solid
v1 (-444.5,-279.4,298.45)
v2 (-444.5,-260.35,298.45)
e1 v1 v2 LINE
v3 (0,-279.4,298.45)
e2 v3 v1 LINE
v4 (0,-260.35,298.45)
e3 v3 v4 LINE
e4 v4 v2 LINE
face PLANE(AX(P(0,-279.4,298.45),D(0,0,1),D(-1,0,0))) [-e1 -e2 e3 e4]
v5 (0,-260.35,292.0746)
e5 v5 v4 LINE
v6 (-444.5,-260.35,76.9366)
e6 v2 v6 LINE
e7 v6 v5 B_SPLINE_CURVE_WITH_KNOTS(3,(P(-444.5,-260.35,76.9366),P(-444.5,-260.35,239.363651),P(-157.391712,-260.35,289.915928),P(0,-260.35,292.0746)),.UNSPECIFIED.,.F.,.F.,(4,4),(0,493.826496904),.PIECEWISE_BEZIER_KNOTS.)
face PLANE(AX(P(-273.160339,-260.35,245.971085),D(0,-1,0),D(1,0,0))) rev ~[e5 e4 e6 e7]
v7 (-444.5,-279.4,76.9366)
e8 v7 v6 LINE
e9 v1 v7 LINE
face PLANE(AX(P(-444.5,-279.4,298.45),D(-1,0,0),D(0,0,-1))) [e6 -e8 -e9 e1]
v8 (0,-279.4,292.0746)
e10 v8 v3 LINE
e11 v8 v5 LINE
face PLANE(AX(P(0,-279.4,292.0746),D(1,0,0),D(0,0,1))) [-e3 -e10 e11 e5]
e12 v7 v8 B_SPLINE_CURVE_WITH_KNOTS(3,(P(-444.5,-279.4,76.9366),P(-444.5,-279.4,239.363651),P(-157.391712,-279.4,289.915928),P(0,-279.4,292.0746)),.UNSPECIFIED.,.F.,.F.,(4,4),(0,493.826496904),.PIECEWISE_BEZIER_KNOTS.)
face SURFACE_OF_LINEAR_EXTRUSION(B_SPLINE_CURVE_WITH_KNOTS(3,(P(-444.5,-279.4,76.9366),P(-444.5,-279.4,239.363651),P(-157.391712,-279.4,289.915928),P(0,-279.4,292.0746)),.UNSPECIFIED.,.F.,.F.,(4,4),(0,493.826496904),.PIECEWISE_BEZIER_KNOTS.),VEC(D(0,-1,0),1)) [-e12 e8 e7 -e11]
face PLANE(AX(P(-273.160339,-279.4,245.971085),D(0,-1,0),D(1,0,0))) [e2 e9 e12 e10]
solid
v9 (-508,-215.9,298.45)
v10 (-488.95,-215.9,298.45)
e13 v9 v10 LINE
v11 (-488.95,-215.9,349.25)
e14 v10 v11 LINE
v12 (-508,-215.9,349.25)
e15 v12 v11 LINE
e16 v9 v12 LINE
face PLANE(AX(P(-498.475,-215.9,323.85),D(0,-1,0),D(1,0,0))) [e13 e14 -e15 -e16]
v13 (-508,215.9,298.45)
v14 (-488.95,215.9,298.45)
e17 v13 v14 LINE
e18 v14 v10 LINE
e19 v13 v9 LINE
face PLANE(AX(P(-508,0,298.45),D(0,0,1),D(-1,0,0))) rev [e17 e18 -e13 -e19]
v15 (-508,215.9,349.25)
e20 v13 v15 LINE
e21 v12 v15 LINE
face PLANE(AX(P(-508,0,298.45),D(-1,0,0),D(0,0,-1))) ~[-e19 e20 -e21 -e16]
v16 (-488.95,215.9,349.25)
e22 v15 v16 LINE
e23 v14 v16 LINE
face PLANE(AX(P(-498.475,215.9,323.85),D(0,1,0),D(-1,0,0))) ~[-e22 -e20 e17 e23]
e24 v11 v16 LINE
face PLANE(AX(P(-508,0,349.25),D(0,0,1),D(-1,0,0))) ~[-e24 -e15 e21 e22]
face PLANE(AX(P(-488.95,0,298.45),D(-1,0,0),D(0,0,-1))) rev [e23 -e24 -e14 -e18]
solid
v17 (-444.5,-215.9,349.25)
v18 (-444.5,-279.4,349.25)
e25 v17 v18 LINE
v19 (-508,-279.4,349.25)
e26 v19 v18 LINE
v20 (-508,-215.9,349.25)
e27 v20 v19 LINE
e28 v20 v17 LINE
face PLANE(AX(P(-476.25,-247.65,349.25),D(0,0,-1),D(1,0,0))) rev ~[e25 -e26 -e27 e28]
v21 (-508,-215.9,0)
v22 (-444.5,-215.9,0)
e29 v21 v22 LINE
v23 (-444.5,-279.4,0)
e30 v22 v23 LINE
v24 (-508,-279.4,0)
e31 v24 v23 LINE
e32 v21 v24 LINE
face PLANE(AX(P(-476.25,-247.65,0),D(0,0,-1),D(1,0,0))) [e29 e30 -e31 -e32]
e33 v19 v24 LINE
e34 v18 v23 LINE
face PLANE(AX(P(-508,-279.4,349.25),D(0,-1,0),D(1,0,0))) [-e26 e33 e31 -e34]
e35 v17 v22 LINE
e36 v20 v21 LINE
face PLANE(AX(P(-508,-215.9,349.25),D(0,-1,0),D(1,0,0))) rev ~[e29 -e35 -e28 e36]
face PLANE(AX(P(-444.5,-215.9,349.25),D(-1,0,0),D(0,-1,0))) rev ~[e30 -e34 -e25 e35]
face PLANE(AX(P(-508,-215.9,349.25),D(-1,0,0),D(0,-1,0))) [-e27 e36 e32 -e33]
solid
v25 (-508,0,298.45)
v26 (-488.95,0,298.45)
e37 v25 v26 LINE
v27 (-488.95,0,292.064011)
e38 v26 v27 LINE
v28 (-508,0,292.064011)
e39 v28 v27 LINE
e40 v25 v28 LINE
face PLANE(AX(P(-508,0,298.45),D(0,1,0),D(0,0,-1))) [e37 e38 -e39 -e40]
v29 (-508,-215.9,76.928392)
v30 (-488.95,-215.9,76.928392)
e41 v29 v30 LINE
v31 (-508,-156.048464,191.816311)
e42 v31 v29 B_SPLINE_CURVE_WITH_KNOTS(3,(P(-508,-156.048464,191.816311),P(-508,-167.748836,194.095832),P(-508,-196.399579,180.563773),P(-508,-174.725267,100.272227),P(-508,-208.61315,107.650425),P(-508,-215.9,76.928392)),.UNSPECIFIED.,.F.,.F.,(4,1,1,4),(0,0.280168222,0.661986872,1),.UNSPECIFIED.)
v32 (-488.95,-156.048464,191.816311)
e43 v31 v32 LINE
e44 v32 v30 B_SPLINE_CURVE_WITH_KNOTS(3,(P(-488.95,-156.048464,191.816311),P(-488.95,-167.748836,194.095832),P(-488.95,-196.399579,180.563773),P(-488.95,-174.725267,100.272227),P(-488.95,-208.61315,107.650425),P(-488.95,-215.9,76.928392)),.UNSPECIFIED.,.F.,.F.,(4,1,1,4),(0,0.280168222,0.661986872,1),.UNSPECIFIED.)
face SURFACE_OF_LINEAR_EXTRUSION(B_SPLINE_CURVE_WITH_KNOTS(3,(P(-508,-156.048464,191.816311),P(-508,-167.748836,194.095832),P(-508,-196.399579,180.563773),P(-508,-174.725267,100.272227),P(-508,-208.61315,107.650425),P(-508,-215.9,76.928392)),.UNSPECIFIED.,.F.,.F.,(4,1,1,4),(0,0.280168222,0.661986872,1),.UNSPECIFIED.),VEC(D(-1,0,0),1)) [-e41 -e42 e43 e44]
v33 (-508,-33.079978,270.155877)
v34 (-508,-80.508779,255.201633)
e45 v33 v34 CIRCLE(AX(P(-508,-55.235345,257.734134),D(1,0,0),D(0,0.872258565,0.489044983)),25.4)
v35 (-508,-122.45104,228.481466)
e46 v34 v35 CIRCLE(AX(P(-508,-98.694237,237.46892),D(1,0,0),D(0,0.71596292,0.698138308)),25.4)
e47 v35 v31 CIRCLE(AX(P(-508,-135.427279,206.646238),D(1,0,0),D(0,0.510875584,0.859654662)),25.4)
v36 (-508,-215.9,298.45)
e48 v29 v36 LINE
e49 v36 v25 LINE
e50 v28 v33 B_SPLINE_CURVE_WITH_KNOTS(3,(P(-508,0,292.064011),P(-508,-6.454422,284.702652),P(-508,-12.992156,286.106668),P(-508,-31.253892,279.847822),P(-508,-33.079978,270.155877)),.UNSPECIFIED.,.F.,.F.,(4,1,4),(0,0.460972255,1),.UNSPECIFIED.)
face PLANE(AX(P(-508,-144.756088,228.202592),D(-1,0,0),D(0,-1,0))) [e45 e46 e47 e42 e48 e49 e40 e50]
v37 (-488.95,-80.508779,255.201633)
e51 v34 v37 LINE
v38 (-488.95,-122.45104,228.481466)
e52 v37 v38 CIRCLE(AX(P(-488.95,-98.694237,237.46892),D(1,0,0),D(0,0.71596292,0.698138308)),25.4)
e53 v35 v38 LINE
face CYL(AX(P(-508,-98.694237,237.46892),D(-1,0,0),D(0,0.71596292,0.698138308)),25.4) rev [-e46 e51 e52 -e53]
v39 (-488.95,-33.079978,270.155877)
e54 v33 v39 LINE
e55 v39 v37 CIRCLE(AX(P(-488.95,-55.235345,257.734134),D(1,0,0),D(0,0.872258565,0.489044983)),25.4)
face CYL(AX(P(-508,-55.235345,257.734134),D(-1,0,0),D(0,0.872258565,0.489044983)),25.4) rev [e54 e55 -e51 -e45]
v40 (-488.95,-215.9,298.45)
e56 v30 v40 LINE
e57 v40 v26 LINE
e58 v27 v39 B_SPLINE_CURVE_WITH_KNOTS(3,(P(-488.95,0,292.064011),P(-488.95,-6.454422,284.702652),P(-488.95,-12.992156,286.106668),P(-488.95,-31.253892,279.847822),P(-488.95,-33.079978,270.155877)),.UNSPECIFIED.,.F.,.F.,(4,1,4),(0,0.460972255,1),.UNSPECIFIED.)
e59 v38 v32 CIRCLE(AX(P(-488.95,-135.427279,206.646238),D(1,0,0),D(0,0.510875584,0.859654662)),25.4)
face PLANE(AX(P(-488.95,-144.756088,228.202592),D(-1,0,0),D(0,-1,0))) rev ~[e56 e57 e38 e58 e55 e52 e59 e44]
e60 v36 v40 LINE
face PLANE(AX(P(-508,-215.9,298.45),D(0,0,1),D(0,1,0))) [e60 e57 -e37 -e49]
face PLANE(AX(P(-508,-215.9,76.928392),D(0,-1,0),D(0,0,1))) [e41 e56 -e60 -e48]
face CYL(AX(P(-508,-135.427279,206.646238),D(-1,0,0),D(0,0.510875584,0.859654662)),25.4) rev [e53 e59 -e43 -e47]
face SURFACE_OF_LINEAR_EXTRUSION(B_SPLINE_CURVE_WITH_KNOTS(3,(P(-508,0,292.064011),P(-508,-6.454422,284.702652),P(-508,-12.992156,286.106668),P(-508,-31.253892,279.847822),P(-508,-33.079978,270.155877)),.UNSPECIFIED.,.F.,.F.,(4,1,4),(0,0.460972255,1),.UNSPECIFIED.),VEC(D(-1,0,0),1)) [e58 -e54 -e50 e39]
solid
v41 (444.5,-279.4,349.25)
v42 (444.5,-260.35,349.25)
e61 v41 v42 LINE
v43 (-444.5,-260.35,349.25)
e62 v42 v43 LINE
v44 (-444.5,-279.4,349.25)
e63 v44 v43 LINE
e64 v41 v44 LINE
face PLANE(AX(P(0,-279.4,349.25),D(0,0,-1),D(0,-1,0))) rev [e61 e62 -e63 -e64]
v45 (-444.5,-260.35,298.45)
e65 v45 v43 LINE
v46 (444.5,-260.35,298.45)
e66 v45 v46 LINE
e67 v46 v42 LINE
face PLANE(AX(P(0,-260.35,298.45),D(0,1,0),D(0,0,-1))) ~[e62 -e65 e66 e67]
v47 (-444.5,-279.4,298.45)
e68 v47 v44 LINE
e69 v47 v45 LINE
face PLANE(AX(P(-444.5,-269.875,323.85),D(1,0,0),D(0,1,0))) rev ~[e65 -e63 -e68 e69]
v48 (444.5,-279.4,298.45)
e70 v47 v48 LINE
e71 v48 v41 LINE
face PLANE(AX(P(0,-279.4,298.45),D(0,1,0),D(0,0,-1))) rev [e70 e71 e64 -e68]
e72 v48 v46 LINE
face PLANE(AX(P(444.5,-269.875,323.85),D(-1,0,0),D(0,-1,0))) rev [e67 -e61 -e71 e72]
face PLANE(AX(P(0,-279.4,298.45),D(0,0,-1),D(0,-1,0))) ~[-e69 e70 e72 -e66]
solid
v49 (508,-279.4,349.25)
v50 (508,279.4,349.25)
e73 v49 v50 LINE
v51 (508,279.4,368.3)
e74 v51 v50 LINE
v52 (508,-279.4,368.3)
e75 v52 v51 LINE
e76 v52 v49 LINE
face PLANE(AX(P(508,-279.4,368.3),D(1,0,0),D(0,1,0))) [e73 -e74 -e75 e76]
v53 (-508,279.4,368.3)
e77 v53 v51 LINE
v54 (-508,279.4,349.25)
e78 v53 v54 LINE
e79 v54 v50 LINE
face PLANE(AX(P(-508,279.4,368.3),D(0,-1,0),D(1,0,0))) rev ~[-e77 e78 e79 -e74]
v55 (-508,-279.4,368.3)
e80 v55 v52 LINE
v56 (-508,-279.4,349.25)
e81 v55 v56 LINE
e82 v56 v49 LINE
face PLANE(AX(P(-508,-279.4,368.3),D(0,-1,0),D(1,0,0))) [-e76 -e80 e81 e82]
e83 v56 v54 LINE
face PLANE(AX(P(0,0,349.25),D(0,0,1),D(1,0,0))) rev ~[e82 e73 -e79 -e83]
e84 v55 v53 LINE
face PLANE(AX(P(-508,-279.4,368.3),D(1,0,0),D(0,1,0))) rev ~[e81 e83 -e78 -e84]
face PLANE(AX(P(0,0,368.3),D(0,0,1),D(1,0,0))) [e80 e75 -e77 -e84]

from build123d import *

# Parameters (mm, degrees)
F1_W      = 1016
F1_H      = 558.8
F2_DEPTH  = 19.05
F3_W      = 63.5
F3_H      = 63.5
F4_DEPTH  = 349.25
F5_W      = 19.05
F5_H      = 50.8
F6_DEPTH  = 444.5
F8_W      = 19.05
F8_H      = 50.8
F9_DEPTH  = 215.9
F12_DEPTH = 19.05
F14_DEPTH = 19.05


with BuildPart() as f2:
    # F1 (on offset) → F2 (new body)
    with BuildSketch(Plane.XY.offset(368.3)):
        Rectangle(F1_W, F1_H)
    extrude(amount=-F2_DEPTH)


with BuildPart() as f4:
    # F3 (on face) → F4 (new body, through all)
    with BuildSketch(Plane(origin=(0, 0, 349.25), x_dir=(1, 0, 0), z_dir=(0, 0, -1))):
        with Locations((-476.25, 247.65)):
            Rectangle(F3_W, F3_H)
    extrude(amount=F4_DEPTH)


with BuildPart() as f6:
    # F5 (on Right) → F6 (new body, through all)
    with BuildSketch(Plane.YZ):
        with Locations((-269.875, 323.85)):
            Rectangle(F5_W, F5_H)
    extrude(amount=-F6_DEPTH)

    # F7: F6 across face


with BuildPart() as f6_1:
    add(f6.part)
    add(f6.part.mirror(Plane(origin=(0, -269.875, 323.85), x_dir=(0, 1, 0), z_dir=(1, 0, 0))))


with BuildPart() as f9:
    # F8 (on Front) → F9 (new body, through all)
    with BuildSketch(Plane.XZ):
        with Locations((-498.475, 323.85)):
            Rectangle(F8_W, F8_H)
    extrude(amount=F9_DEPTH)

    # F10: F9 across face


with BuildPart() as f9_1:
    add(f9.part)
    add(f9.part.mirror(Plane(origin=(-498.475, 0, 323.85), x_dir=(1, 0, 0), z_dir=(0, 1, 0))))


with BuildPart() as f12:
    # F11 (on face) → F12 (new body)
    with BuildSketch(Plane(origin=(-508, 0, 0), x_dir=(0, -1, 0), z_dir=(-1, 0, 0))):
        with BuildLine():
            ThreePointArc((33.0799778456, 270.1558769488), (62.8732727069, 281.9585449249), (80.5087788616, 255.2016334305))
            ThreePointArc((80.5087788616, 255.2016334305), (112.3416470737, 258.8910631212), (122.4510396453, 228.4814664142))
            ThreePointArc((122.4510396453, 228.4814664142), (154.1541238457, 223.8062292832), (156.0484644371, 191.8163111249))
            add(Edge.make_bspline(
                [(156.0484644371, 191.8163111249), (167.7488357967, 194.0958318488), (196.3995793658, 180.5637728836), (174.725267388, 100.2722267968), (208.613150374, 107.6504246008), (215.9, 76.9283920527)],
                knots=[0, 0, 0, 0, 0.2801682219, 0.661986872, 1, 1, 1, 1], degree=3))
            Line((215.9, 76.9283920527), (215.9, 298.45))
            Line((215.9, 298.45), (0, 298.45))
            Line((0, 298.45), (0, 292.0640114744))
            add(Edge.make_bspline(
                [(0, 292.0640114744), (6.454422463, 284.7026517546), (12.9921563713, 286.1066684098), (31.2538918898, 279.8478218411), (33.0799778456, 270.1558769488)],
                knots=[0, 0, 0, 0, 0.4609722548, 1, 1, 1, 1], degree=3))
        make_face()
    extrude(amount=-F12_DEPTH)


with BuildPart() as f14:
    # F13 (on face) → F14 (new body)
    with BuildSketch(Plane.XZ.offset(279.4)):
        with BuildLine():
            Line((-444.5, 298.45), (-444.5, 76.9366))
            add(Edge.make_bspline(
                [(-444.5, 76.9366), (-444.5, 239.3636506188), (-157.3917120695, 289.9159283825), (0, 292.0746)],
                knots=[0, 0, 0, 0, 493.8264969035, 493.8264969035, 493.8264969035, 493.8264969035], degree=3))
            Line((0, 292.0746), (0, 298.45))
            Line((0, 298.45), (-444.5, 298.45))
        make_face()
    extrude(amount=-F14_DEPTH)


solid = Compound([f2.part, f4.part, f6_1.part, f9_1.part, f12.part, f14.part])
